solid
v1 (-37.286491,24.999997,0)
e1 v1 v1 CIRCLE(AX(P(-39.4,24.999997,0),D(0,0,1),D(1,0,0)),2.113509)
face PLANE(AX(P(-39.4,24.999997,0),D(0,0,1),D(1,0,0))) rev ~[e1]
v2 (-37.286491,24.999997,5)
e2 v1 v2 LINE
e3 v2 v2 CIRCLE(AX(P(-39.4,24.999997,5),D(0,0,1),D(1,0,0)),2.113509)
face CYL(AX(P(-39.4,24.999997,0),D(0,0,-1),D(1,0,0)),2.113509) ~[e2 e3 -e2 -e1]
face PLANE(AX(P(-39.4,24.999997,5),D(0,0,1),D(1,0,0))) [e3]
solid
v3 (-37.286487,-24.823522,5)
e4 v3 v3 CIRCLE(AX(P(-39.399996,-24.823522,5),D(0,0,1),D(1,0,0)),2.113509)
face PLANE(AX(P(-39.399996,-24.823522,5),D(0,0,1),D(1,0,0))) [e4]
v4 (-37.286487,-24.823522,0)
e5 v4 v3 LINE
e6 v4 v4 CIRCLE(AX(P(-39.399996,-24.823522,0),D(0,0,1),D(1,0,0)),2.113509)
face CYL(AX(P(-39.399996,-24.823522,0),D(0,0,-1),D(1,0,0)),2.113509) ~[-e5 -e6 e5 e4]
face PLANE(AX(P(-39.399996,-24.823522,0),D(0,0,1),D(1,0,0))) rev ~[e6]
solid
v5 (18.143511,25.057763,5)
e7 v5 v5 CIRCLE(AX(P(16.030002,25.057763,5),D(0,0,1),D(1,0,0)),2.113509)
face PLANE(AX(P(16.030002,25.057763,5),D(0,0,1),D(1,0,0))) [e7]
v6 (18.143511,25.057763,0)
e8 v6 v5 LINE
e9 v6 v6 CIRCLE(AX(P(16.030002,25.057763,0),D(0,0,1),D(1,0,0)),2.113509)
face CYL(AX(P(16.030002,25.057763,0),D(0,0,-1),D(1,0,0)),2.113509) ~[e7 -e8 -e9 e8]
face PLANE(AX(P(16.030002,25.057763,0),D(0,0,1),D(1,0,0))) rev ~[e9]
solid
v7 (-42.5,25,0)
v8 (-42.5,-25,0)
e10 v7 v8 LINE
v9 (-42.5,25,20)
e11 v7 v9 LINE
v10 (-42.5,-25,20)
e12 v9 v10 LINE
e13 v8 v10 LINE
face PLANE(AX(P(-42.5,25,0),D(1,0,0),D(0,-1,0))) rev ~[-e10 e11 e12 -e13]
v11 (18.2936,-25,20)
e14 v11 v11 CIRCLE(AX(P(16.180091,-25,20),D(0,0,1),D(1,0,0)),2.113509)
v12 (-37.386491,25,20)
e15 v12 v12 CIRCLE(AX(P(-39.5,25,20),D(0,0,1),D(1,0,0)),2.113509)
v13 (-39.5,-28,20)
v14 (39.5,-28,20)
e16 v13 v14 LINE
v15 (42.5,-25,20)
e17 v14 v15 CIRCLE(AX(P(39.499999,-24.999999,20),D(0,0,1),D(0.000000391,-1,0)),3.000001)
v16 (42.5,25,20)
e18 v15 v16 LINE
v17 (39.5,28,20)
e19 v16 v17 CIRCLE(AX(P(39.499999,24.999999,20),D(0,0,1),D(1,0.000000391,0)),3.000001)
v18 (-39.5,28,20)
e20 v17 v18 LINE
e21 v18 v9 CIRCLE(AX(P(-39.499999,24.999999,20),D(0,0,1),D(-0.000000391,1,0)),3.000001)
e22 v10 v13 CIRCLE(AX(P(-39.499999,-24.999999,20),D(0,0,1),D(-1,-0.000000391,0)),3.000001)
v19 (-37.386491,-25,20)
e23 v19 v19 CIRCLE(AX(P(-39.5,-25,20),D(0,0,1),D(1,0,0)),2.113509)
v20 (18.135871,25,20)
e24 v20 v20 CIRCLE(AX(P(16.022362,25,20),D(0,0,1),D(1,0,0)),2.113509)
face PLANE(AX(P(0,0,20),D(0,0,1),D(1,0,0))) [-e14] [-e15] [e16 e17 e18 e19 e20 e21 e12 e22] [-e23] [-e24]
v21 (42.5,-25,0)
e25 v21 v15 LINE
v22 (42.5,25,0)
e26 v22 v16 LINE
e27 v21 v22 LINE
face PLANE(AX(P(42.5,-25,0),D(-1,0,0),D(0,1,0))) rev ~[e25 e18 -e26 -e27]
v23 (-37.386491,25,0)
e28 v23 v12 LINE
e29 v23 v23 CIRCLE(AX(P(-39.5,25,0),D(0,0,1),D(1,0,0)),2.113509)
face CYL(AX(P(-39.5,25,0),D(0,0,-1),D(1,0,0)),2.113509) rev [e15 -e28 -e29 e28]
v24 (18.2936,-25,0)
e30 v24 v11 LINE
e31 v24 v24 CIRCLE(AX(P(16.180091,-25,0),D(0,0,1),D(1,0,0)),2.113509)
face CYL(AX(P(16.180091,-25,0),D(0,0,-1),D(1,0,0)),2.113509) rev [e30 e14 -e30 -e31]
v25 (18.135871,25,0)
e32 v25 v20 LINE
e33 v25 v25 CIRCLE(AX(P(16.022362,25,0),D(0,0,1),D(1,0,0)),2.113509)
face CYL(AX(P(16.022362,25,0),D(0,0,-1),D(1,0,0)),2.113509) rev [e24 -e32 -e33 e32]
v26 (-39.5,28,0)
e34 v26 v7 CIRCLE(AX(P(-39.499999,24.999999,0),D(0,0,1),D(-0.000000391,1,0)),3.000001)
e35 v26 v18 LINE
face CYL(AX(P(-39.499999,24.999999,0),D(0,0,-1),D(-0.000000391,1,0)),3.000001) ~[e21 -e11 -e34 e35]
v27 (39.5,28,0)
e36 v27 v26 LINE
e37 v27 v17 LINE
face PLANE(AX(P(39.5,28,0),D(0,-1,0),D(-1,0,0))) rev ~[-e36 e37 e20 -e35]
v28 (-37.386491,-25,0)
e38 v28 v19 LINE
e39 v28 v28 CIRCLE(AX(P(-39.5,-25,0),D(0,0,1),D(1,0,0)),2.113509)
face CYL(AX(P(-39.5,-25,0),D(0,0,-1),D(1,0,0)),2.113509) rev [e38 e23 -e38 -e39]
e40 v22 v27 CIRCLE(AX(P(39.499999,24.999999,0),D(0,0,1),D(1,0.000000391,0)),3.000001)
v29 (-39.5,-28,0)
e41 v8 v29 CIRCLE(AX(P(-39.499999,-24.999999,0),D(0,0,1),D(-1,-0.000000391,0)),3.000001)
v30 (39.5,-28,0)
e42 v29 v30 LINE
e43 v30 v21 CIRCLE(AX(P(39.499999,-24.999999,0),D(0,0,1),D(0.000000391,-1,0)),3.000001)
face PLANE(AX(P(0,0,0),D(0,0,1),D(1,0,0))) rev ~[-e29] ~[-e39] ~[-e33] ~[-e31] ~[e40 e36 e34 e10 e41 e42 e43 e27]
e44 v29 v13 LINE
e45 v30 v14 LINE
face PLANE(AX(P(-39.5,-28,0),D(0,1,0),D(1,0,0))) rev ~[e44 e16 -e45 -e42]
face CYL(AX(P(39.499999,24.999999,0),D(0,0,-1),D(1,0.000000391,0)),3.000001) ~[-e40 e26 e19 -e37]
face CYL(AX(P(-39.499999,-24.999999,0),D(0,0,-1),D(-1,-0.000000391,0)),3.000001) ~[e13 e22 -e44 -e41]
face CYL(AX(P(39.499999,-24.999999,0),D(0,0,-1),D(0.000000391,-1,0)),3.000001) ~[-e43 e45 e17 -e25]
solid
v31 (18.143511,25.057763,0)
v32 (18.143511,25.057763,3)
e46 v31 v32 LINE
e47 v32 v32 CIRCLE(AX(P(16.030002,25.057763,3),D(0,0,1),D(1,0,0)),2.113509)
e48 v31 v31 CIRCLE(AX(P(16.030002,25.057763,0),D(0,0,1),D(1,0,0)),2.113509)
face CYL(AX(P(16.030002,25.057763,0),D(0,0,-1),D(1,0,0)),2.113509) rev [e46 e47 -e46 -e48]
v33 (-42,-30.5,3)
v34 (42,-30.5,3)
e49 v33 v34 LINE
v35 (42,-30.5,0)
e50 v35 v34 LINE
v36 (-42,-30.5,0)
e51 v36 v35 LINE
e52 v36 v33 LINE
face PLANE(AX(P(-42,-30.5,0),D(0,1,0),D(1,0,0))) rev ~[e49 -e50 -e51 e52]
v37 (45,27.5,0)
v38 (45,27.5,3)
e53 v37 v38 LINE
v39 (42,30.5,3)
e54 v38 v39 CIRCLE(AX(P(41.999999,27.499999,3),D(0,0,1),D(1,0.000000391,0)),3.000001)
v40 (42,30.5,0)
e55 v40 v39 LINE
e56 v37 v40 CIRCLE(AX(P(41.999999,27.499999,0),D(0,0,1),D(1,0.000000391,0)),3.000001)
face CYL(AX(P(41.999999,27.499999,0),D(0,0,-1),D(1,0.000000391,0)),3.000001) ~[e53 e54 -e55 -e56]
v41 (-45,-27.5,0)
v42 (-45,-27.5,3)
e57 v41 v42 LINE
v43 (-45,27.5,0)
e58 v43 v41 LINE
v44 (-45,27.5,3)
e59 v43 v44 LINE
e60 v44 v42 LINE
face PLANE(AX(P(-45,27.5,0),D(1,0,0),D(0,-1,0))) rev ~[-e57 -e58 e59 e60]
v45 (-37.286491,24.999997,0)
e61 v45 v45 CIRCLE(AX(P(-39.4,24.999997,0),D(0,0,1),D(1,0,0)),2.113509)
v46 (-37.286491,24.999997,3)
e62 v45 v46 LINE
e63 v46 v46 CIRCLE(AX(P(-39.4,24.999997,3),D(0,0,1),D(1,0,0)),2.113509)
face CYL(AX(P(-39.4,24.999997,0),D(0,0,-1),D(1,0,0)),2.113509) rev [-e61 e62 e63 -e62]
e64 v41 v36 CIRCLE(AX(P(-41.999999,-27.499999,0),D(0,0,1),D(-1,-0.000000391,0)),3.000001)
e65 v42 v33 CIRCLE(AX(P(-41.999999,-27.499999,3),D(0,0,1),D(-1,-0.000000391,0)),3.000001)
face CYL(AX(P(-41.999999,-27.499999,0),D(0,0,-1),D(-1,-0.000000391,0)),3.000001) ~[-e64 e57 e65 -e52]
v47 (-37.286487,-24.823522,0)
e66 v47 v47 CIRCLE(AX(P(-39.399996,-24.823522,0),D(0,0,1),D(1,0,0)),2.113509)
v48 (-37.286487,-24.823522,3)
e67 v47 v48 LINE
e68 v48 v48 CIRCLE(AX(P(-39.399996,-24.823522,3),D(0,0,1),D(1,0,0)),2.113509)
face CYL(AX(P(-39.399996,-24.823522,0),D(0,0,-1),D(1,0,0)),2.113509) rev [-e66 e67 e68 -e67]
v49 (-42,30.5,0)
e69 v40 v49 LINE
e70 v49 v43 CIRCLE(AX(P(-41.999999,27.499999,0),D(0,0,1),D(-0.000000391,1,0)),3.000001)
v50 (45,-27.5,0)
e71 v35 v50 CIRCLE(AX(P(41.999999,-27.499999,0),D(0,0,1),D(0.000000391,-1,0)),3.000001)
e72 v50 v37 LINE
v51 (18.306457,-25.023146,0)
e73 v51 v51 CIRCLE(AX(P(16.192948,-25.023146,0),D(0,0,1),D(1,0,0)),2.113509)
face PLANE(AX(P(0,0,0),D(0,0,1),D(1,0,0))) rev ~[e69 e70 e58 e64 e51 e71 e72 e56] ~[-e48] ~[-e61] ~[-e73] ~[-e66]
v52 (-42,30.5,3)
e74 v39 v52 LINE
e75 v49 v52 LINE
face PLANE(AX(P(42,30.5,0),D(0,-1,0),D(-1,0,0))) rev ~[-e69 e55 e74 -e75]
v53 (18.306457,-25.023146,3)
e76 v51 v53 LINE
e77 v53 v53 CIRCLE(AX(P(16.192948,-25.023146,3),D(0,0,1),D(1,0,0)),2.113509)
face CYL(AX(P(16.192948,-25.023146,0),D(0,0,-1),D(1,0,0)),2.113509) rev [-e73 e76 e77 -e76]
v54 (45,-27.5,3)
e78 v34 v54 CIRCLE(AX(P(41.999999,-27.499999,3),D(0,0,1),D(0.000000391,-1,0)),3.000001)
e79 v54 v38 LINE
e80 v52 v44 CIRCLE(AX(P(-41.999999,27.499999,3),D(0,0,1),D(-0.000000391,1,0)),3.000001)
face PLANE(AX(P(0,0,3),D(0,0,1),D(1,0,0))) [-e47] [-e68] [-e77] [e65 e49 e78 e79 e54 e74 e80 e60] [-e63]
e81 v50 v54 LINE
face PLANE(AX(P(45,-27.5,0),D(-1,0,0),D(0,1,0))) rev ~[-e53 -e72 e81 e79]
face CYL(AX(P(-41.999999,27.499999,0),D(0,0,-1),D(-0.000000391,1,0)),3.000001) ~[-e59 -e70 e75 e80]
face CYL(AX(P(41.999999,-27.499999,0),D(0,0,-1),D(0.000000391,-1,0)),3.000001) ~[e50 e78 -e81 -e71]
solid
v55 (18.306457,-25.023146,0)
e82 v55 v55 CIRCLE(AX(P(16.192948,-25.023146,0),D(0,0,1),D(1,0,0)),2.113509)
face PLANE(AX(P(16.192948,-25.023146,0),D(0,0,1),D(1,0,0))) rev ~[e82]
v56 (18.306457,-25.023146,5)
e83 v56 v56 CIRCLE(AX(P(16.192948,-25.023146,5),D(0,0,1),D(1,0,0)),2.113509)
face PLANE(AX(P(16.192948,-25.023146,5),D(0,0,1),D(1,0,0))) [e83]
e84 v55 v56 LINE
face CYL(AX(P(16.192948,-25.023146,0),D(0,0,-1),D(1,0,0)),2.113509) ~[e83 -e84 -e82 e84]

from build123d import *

# Parameters (mm, degrees)
F0_R     = 2.113509
F1_DEPTH = 20
F2_R     = 2.113509
F3_DEPTH = 5
F4_DEPTH = 3


with BuildPart() as f1:
    # F0 (on Top) → F1 (new body)
    with BuildSketch(Plane.XY):
        with BuildLine():
            ThreePointArc((-42.5, -25), (-41.62132, -27.12132), (-39.5, -28))
            Line((-39.5, -28), (39.5, -28))
            ThreePointArc((39.5, -28), (41.62132, -27.12132), (42.5, -25))
            Line((42.5, -25), (42.5, 25))
            ThreePointArc((42.5, 25), (41.62132, 27.12132), (39.5, 28))
            Line((39.5, 28), (-39.5, 28))
            ThreePointArc((-39.5, 28), (-41.62132, 27.12132), (-42.5, 25))
            Line((-42.5, 25), (-42.5, -25))
        make_face()
        with Locations((-39.5, -25)):
            Circle(F0_R, mode=Mode.SUBTRACT)
        with Locations((16.180091, -25)):
            Circle(F0_R, mode=Mode.SUBTRACT)
        with Locations((-39.5, 25)):
            Circle(F0_R, mode=Mode.SUBTRACT)
        with Locations((16.022362, 25)):
            Circle(F0_R, mode=Mode.SUBTRACT)
    extrude(amount=F1_DEPTH)


with BuildPart() as f3:
    # F2 (on Top) → F3 (new body)
    with BuildSketch(Plane.XY):
        with Locations((-39.399996, -24.823522)):
            Circle(F2_R)
        with Locations((16.030002, 25.057763)):
            Circle(F2_R)
        with Locations((16.192948, -25.023146)):
            Circle(F2_R)
        with Locations((-39.4, 24.999997)):
            Circle(F2_R)
    extrude(amount=F3_DEPTH)


with BuildPart() as f4:
    # F2 (on Top) → F4 (new body)
    with BuildSketch(Plane.XY):
        with BuildLine():
            ThreePointArc((45, 27.5), (44.12132, 29.62132), (42, 30.5))
            Line((42, 30.5), (-42, 30.5))
            ThreePointArc((-42, 30.5), (-44.12132, 29.62132), (-45, 27.5))
            Line((-45, 27.5), (-45, -27.5))
            ThreePointArc((-45, -27.5), (-44.12132, -29.62132), (-42, -30.5))
            Line((-42, -30.5), (42, -30.5))
            ThreePointArc((42, -30.5), (44.12132, -29.62132), (45, -27.5))
            Line((45, -27.5), (45, 27.5))
        make_face()
        with Locations((-39.399996, -24.823522)):
            Circle(F2_R, mode=Mode.SUBTRACT)
        with Locations((16.192948, -25.023146)):
            Circle(F2_R, mode=Mode.SUBTRACT)
        with Locations((-39.4, 24.999997)):
            Circle(F2_R, mode=Mode.SUBTRACT)
        with Locations((16.030002, 25.057763)):
            Circle(F2_R, mode=Mode.SUBTRACT)
    extrude(amount=F4_DEPTH)


solid = Compound([f1.part, f3.part, f4.part])
